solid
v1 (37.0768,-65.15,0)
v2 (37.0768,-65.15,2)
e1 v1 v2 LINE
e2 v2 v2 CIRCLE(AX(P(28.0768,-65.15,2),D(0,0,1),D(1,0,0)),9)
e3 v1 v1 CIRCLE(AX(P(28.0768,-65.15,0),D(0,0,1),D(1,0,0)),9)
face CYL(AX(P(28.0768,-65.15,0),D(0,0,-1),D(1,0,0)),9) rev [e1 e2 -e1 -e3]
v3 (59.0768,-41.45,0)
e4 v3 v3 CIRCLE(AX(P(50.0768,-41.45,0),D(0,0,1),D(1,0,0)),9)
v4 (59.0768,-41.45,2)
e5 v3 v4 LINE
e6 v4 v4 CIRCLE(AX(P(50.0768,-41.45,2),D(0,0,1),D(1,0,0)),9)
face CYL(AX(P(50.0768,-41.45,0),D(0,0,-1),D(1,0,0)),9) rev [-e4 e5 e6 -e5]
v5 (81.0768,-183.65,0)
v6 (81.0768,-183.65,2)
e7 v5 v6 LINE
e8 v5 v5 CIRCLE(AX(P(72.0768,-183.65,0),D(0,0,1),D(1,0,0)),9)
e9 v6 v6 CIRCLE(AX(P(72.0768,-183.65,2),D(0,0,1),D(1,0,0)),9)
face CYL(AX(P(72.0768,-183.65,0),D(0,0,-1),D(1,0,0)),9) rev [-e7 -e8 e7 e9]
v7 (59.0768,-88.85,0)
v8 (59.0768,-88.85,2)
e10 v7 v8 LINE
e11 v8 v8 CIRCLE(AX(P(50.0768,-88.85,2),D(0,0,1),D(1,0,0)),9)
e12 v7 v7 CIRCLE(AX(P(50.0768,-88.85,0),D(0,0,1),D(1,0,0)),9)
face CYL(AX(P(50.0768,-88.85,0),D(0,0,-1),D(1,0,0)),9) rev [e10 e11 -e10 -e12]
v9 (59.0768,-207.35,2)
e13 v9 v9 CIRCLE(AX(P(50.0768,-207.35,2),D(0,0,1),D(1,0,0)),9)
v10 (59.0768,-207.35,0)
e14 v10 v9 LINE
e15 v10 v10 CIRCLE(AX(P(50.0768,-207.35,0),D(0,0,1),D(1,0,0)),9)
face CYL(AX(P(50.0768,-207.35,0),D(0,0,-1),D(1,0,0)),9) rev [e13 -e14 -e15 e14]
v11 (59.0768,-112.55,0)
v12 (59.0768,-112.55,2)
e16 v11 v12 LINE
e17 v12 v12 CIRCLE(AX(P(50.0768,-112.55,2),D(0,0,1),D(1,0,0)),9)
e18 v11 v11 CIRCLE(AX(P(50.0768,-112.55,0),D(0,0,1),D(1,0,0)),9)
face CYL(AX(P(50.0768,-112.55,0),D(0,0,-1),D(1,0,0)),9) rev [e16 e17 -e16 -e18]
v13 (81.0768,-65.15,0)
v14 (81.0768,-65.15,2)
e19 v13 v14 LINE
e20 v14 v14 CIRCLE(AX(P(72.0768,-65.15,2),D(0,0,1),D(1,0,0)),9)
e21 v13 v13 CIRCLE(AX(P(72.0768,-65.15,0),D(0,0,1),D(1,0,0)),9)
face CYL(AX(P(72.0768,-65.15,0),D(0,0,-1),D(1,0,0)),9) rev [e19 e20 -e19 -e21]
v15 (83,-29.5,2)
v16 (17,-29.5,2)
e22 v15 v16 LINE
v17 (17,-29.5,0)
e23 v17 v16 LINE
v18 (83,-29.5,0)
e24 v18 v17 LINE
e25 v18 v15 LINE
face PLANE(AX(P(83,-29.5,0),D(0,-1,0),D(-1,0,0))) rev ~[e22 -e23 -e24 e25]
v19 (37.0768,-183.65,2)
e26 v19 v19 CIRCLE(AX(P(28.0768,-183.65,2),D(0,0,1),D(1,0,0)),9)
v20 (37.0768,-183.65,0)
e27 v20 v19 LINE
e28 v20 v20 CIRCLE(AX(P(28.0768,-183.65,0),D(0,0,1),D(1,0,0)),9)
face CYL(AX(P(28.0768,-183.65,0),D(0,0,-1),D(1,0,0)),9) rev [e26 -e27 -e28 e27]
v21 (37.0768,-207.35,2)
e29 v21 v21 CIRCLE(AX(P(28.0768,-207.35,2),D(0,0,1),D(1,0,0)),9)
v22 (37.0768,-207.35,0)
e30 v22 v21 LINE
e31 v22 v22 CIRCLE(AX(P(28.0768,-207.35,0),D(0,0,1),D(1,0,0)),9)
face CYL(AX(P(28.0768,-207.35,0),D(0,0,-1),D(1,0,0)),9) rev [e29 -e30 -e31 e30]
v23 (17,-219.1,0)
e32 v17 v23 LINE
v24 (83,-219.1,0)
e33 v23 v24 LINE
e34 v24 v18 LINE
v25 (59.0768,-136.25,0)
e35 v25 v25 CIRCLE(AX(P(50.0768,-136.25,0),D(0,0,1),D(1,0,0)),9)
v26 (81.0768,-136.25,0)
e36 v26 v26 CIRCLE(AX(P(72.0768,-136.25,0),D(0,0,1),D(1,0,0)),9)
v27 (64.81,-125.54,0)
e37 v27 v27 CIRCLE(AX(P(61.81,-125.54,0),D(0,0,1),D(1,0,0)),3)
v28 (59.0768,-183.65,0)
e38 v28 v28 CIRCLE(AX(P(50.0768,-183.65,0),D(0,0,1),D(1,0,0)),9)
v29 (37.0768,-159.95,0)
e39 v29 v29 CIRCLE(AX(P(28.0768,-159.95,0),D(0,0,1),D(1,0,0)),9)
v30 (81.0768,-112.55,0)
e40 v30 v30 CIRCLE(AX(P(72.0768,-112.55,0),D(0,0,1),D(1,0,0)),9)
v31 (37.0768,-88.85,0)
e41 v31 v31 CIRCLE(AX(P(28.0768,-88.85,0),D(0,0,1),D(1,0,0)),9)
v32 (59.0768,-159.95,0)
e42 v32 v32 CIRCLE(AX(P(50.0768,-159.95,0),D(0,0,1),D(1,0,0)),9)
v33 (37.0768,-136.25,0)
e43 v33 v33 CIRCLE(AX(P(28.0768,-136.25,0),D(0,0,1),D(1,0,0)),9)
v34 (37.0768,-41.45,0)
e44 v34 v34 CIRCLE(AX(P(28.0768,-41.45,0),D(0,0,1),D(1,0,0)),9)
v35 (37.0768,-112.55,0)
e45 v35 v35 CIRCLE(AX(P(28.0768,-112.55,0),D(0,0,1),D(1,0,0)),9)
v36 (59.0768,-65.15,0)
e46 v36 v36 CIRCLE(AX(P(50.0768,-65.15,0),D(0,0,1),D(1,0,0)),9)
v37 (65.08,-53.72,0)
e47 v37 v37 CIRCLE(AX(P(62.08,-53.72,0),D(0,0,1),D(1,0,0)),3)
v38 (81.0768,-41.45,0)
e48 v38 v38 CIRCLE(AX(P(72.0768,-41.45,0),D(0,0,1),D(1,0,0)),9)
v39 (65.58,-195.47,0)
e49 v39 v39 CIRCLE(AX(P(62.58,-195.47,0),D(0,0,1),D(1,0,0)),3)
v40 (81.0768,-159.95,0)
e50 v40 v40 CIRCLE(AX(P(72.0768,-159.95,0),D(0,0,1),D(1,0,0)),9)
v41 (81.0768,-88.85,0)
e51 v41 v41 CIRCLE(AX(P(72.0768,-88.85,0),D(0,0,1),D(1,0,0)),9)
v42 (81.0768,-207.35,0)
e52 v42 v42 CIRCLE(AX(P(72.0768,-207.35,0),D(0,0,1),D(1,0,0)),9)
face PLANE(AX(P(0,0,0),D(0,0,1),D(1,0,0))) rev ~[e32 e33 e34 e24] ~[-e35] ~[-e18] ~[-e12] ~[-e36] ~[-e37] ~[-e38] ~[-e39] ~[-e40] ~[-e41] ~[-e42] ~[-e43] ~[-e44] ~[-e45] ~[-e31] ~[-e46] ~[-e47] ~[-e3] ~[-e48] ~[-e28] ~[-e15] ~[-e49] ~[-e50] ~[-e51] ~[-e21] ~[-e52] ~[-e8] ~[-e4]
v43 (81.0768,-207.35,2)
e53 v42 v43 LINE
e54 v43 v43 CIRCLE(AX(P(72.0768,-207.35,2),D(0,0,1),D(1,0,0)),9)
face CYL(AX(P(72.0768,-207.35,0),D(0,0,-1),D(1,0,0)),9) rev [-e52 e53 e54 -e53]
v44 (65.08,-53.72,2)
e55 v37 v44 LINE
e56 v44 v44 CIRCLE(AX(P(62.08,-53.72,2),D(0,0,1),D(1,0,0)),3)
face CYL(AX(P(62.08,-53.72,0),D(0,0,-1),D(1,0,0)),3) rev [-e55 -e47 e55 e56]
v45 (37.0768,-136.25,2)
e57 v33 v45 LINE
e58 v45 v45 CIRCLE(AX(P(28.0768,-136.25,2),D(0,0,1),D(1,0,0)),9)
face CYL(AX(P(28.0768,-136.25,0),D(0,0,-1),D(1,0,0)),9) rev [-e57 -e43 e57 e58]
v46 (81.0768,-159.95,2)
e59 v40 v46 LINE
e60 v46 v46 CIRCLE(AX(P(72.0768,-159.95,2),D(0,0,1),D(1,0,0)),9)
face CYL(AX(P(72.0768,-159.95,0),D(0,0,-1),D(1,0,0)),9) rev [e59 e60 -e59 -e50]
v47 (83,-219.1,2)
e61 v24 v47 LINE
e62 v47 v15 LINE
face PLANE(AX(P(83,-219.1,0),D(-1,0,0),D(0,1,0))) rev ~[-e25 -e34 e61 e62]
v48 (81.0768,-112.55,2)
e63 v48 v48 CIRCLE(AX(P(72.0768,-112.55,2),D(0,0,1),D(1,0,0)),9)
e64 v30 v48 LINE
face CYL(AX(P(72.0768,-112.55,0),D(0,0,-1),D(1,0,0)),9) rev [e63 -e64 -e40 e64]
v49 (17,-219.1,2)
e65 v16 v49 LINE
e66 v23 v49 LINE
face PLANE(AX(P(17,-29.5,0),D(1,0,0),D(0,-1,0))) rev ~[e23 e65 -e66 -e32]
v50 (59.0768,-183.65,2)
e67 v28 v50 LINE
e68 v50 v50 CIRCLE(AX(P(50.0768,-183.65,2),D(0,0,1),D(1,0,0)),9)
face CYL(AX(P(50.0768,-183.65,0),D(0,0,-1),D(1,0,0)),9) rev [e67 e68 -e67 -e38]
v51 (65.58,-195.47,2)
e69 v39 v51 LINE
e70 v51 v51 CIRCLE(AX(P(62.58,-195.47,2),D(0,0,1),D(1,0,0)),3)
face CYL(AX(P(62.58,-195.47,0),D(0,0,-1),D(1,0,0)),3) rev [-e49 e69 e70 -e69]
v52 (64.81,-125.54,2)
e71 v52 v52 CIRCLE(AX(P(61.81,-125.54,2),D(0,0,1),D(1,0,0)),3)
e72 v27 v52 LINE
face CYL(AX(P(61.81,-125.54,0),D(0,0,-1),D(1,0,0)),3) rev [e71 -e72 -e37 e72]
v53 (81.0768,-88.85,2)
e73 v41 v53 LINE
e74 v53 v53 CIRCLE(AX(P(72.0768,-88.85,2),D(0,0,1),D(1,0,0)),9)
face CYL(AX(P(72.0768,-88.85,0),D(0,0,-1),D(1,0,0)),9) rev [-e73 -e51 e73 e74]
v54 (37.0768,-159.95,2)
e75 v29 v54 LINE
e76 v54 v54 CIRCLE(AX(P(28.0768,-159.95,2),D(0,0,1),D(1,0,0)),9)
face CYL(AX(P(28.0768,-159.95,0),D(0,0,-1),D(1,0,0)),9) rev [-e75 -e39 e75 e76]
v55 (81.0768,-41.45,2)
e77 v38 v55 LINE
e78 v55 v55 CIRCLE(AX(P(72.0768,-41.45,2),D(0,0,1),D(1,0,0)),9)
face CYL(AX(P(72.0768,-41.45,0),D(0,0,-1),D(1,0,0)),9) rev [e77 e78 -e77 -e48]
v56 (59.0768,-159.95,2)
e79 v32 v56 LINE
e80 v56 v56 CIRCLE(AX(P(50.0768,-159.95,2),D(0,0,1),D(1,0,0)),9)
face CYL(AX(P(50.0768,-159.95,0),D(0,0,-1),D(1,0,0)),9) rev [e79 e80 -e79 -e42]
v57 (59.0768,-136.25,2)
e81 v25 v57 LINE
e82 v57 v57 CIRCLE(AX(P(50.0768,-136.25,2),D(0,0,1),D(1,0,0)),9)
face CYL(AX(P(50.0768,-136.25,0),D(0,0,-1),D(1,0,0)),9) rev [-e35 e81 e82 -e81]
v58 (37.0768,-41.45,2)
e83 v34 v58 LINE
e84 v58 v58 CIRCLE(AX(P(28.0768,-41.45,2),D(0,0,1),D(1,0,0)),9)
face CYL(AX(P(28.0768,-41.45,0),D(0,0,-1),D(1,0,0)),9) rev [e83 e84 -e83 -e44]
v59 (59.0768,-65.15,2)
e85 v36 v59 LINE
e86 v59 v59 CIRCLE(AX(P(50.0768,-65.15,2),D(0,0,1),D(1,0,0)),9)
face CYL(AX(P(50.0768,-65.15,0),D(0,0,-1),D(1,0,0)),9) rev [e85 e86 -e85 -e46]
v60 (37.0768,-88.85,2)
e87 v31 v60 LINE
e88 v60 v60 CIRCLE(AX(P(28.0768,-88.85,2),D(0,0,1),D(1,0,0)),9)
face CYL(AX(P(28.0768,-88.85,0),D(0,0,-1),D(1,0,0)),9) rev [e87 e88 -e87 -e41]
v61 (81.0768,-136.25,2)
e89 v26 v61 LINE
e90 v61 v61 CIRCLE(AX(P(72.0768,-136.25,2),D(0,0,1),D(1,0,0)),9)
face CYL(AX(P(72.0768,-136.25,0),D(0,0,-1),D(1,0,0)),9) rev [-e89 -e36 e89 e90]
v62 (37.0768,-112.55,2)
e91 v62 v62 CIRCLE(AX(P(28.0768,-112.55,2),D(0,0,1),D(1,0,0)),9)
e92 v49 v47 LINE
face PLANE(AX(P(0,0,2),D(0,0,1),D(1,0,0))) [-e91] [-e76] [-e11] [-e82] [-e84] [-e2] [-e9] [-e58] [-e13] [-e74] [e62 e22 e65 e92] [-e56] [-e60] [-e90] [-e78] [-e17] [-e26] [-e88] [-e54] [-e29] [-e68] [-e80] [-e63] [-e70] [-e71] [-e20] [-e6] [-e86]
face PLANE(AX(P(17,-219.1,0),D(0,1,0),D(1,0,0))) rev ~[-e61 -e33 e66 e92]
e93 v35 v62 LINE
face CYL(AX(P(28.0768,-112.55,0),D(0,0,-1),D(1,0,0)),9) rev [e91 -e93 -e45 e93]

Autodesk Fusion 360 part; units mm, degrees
sketch "8x3-Edge_Cuts" plane through (0, 0, 0) normal (0, 0, 1) x (1, 0, 0)
  line L0 (83, -29.5) -> (17, -29.5)
  line L1 (17, -29.5) -> (17, -219.1)
  line L2 (83, -219.1) -> (83, -29.5)
  line L3 (17, -219.1) -> (83, -219.1)
sketch "8x3-User_Drawings" plane through (0, 0, 0) normal (0, 0, 1) x (1, 0, 0)
  circle A0 centre (50.0768, -183.65) radius 9
  circle A1 centre (50.0768, -159.95) radius 9
  circle A2 centre (72.0768, -112.55) radius 9
  circle A3 centre (50.0768, -207.35) radius 9
  circle A4 centre (28.0768, -159.95) radius 9
  circle A5 centre (28.0768, -183.65) radius 9
  circle A6 centre (50.0768, -136.25) radius 9
  circle A7 centre (72.0768, -41.45) radius 9
  circle A8 centre (72.0768, -88.85) radius 9
  circle A9 centre (28.0768, -136.25) radius 9
  circle A10 centre (72.0768, -207.35) radius 9
  circle A11 centre (72.0768, -65.15) radius 9
  circle A12 centre (50.0768, -112.55) radius 9
  circle A13 centre (50.0768, -41.45) radius 9
  circle A14 centre (28.0768, -207.35) radius 9
  circle A15 centre (28.0768, -88.85) radius 9
  circle A16 centre (50.0768, -65.15) radius 9
  circle A17 centre (28.0768, -112.55) radius 9
  circle A18 centre (50.0768, -88.85) radius 9
  circle A19 centre (72.0768, -159.95) radius 9
  circle A20 centre (72.0768, -183.65) radius 9
  circle A21 centre (28.0768, -41.45) radius 9
  circle A22 centre (28.0768, -65.15) radius 9
  circle A23 centre (72.0768, -136.25) radius 9
sketch "8x3-User_Comments" plane through (0, 0, 0) normal (0, 0, 1) x (1, 0, 0)
  circle A0 centre (62.08, -53.72) radius 3
  circle A1 centre (62.58, -195.47) radius 3
  circle A2 centre (61.81, -125.54) radius 3
extrude "Extrude1" add sketch "8x3-Edge_Cuts" along normal blind 2
extrude "Extrude2" cut sketch "8x3-User_Comments" sketch "8x3-User_Drawings" along normal blind 2 of sketch 2
